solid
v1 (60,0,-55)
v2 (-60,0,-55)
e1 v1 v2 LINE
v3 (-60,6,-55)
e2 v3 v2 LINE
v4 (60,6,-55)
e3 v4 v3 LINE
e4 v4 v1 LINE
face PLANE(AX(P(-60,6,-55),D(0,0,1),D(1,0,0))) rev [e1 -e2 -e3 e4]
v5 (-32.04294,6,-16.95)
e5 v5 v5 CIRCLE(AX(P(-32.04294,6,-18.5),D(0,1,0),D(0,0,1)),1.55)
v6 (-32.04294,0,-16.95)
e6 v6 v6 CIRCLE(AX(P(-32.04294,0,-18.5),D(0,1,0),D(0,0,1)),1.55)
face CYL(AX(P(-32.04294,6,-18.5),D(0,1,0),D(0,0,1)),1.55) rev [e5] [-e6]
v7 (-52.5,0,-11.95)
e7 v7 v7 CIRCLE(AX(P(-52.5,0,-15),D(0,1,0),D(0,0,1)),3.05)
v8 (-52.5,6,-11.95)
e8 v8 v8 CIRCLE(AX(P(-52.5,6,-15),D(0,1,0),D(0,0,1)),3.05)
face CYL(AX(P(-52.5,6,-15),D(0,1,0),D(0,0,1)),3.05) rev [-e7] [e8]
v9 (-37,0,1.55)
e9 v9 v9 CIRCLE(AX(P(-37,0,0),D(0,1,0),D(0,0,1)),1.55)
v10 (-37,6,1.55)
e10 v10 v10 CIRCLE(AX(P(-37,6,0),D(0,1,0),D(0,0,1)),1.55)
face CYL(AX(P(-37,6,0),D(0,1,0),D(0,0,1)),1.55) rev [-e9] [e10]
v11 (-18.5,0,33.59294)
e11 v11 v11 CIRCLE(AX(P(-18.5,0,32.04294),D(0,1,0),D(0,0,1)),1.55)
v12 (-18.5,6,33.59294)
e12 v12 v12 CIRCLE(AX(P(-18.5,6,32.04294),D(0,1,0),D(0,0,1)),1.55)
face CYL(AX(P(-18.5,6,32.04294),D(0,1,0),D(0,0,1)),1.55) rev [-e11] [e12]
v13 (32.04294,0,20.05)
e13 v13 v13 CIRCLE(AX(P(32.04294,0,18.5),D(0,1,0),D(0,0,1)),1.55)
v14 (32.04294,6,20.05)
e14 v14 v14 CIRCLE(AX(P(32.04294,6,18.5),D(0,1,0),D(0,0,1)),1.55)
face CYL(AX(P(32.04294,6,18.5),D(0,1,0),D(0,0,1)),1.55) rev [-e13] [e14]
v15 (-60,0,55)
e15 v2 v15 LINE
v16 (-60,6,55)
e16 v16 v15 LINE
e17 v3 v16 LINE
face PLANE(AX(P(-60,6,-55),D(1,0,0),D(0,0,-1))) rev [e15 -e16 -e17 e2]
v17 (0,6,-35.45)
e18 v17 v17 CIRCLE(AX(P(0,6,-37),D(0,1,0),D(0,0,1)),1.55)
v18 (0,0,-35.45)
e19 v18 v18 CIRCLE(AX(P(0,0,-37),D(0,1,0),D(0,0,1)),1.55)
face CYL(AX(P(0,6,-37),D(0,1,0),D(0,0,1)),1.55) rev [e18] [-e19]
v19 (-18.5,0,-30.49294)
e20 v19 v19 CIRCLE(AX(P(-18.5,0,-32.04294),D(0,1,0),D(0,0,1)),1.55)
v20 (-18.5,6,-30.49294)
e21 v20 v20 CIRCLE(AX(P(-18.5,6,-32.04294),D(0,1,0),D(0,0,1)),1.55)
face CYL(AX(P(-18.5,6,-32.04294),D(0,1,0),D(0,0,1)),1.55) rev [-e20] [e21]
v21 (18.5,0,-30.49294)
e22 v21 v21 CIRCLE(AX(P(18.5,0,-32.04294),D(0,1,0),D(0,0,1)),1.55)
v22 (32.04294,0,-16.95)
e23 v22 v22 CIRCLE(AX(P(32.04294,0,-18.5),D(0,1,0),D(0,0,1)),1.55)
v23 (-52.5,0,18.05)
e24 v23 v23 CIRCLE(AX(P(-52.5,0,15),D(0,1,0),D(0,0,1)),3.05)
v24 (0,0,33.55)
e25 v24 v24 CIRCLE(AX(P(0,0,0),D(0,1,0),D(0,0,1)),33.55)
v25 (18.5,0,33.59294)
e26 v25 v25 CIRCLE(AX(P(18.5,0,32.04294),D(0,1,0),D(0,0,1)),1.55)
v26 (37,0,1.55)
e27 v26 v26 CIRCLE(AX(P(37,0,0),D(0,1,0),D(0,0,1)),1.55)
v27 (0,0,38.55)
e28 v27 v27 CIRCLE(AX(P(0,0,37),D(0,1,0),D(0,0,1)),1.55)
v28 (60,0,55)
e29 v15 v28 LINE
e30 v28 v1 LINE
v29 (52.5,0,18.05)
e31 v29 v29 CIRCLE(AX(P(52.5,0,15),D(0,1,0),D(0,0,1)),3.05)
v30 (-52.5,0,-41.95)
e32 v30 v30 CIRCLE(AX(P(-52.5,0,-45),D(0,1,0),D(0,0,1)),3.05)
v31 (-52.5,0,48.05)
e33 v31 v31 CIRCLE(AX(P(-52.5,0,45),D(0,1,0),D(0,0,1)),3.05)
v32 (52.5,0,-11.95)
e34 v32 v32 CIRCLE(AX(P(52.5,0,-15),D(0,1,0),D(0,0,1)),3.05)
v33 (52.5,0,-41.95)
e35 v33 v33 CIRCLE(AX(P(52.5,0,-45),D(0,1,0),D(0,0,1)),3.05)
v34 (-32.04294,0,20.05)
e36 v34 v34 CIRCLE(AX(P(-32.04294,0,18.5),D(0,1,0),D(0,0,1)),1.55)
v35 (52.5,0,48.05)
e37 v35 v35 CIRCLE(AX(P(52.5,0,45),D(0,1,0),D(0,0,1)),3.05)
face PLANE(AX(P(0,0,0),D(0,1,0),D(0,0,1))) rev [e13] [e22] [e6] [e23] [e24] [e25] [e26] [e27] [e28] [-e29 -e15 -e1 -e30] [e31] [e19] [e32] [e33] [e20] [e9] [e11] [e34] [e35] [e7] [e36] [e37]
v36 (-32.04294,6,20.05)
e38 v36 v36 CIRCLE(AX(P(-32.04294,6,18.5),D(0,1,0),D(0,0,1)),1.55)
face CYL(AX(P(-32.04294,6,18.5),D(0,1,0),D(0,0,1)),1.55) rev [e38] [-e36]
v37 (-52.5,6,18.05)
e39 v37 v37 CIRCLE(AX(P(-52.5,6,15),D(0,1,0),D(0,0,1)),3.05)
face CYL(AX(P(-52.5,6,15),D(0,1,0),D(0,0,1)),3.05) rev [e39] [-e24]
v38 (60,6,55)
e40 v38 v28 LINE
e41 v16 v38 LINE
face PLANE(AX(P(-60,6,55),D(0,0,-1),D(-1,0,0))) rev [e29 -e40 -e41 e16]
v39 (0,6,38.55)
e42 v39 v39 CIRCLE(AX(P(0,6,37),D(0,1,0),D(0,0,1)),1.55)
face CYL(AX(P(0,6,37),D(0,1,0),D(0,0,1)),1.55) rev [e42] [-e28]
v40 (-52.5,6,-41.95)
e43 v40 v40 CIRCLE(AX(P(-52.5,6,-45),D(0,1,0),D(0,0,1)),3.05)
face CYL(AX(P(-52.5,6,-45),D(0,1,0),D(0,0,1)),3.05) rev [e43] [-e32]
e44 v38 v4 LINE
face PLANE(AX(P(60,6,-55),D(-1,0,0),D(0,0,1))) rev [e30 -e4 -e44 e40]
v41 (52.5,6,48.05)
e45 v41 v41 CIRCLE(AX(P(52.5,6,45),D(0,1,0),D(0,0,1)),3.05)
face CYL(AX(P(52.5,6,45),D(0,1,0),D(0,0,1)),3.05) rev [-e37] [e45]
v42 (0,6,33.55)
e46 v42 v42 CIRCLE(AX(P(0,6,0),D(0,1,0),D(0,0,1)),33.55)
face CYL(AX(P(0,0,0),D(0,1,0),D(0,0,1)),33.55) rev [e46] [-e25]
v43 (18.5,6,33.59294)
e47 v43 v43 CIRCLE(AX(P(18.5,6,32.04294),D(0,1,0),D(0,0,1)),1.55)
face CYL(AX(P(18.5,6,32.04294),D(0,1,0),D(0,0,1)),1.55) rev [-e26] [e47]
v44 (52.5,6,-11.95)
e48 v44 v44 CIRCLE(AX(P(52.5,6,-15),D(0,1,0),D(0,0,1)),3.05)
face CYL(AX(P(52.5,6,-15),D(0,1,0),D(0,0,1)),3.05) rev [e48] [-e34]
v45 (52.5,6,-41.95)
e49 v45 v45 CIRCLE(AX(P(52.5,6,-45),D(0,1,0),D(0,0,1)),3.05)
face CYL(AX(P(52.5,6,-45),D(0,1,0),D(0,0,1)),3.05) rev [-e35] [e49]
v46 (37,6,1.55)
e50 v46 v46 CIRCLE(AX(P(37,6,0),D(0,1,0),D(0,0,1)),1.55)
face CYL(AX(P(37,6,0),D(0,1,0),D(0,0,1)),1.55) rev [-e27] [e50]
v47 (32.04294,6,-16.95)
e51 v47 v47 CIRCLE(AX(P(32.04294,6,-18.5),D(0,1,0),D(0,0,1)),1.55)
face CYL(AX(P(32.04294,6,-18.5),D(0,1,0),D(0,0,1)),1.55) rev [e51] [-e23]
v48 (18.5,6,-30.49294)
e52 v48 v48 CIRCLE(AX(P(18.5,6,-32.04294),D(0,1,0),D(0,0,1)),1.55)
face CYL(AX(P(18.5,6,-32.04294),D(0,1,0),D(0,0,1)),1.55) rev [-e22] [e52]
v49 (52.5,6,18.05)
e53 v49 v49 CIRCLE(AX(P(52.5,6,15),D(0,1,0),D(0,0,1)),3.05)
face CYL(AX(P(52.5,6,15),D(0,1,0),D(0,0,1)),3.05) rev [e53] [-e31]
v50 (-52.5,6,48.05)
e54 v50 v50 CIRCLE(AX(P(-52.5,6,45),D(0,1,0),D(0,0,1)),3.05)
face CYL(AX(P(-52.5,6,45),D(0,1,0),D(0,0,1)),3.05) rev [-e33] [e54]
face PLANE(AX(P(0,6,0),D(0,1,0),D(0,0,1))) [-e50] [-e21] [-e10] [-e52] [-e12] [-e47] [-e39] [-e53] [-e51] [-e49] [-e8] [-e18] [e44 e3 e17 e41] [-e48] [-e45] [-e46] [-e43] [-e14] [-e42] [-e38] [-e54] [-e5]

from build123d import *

# Parameters (mm, degrees)
SKETCH1_W            = 120
SKETCH1_H            = 110
BOSS_EXTRUDE1_DEPTH  = 6
SKETCH2_R            = 33.55
CUT_EXTRUDE1_DEPTH   = 82.614949611
M3_CLEARANCE_HOLE1_D = 3.1
CIRPATTERN1_COUNT    = 12
M6_CLEARANCE_HOLE2_D = 6.1


with BuildPart() as part:
    # Sketch1 → Boss-Extrude1 (new body)
    with BuildSketch(Plane(origin=(0, 0, 0), x_dir=(1, 0, 0), z_dir=(0, 1, 0))):
        Rectangle(SKETCH1_W, SKETCH1_H)
    extrude(amount=BOSS_EXTRUDE1_DEPTH)

    # Sketch2 → Cut-Extrude1 (cut, through all)
    with BuildSketch(Plane(origin=(0, 6, 0), x_dir=(1, 0, 0), z_dir=(0, 1, 0))):
        with Locations(Location((0, 0, 0), (0, 0, 270))):
            Circle(SKETCH2_R)
    extrude(amount=-CUT_EXTRUDE1_DEPTH, mode=Mode.SUBTRACT)

    # M3 Clearance Hole1 (through all)
    with Locations(Plane(origin=(0, 6, 0), x_dir=(1, 0, 0), z_dir=(0, 1, 0))):
        with Locations((0, 37)):
            m3_clearance_hole1 = Hole(M3_CLEARANCE_HOLE1_D / 2)

    # CirPattern1: M3 Clearance Hole1 ×12 about axis
    cirpattern1_axis = Axis((0, 0, 0), (0, 1, 0))
    for i in range(1, CIRPATTERN1_COUNT):
        add(m3_clearance_hole1.rotate(cirpattern1_axis, i * 360 / CIRPATTERN1_COUNT), mode=Mode.SUBTRACT)

    # M6 Clearance Hole2 (through all)
    with Locations(Plane(origin=(0, 6, 0), x_dir=(1, 0, 0), z_dir=(0, 1, 0))):
        with Locations((52.5, -45), (52.5, -15), (52.5, 15), (52.5, 45)):
            m6_clearance_hole2 = Hole(M6_CLEARANCE_HOLE2_D / 2)

    # Mirror1: M6 Clearance Hole2 across plane
    add(m6_clearance_hole2.mirror(Plane(origin=(0, 0, 0), x_dir=(0, 0, 1), z_dir=(1, 0, 0))), mode=Mode.SUBTRACT)


solid = part.part
